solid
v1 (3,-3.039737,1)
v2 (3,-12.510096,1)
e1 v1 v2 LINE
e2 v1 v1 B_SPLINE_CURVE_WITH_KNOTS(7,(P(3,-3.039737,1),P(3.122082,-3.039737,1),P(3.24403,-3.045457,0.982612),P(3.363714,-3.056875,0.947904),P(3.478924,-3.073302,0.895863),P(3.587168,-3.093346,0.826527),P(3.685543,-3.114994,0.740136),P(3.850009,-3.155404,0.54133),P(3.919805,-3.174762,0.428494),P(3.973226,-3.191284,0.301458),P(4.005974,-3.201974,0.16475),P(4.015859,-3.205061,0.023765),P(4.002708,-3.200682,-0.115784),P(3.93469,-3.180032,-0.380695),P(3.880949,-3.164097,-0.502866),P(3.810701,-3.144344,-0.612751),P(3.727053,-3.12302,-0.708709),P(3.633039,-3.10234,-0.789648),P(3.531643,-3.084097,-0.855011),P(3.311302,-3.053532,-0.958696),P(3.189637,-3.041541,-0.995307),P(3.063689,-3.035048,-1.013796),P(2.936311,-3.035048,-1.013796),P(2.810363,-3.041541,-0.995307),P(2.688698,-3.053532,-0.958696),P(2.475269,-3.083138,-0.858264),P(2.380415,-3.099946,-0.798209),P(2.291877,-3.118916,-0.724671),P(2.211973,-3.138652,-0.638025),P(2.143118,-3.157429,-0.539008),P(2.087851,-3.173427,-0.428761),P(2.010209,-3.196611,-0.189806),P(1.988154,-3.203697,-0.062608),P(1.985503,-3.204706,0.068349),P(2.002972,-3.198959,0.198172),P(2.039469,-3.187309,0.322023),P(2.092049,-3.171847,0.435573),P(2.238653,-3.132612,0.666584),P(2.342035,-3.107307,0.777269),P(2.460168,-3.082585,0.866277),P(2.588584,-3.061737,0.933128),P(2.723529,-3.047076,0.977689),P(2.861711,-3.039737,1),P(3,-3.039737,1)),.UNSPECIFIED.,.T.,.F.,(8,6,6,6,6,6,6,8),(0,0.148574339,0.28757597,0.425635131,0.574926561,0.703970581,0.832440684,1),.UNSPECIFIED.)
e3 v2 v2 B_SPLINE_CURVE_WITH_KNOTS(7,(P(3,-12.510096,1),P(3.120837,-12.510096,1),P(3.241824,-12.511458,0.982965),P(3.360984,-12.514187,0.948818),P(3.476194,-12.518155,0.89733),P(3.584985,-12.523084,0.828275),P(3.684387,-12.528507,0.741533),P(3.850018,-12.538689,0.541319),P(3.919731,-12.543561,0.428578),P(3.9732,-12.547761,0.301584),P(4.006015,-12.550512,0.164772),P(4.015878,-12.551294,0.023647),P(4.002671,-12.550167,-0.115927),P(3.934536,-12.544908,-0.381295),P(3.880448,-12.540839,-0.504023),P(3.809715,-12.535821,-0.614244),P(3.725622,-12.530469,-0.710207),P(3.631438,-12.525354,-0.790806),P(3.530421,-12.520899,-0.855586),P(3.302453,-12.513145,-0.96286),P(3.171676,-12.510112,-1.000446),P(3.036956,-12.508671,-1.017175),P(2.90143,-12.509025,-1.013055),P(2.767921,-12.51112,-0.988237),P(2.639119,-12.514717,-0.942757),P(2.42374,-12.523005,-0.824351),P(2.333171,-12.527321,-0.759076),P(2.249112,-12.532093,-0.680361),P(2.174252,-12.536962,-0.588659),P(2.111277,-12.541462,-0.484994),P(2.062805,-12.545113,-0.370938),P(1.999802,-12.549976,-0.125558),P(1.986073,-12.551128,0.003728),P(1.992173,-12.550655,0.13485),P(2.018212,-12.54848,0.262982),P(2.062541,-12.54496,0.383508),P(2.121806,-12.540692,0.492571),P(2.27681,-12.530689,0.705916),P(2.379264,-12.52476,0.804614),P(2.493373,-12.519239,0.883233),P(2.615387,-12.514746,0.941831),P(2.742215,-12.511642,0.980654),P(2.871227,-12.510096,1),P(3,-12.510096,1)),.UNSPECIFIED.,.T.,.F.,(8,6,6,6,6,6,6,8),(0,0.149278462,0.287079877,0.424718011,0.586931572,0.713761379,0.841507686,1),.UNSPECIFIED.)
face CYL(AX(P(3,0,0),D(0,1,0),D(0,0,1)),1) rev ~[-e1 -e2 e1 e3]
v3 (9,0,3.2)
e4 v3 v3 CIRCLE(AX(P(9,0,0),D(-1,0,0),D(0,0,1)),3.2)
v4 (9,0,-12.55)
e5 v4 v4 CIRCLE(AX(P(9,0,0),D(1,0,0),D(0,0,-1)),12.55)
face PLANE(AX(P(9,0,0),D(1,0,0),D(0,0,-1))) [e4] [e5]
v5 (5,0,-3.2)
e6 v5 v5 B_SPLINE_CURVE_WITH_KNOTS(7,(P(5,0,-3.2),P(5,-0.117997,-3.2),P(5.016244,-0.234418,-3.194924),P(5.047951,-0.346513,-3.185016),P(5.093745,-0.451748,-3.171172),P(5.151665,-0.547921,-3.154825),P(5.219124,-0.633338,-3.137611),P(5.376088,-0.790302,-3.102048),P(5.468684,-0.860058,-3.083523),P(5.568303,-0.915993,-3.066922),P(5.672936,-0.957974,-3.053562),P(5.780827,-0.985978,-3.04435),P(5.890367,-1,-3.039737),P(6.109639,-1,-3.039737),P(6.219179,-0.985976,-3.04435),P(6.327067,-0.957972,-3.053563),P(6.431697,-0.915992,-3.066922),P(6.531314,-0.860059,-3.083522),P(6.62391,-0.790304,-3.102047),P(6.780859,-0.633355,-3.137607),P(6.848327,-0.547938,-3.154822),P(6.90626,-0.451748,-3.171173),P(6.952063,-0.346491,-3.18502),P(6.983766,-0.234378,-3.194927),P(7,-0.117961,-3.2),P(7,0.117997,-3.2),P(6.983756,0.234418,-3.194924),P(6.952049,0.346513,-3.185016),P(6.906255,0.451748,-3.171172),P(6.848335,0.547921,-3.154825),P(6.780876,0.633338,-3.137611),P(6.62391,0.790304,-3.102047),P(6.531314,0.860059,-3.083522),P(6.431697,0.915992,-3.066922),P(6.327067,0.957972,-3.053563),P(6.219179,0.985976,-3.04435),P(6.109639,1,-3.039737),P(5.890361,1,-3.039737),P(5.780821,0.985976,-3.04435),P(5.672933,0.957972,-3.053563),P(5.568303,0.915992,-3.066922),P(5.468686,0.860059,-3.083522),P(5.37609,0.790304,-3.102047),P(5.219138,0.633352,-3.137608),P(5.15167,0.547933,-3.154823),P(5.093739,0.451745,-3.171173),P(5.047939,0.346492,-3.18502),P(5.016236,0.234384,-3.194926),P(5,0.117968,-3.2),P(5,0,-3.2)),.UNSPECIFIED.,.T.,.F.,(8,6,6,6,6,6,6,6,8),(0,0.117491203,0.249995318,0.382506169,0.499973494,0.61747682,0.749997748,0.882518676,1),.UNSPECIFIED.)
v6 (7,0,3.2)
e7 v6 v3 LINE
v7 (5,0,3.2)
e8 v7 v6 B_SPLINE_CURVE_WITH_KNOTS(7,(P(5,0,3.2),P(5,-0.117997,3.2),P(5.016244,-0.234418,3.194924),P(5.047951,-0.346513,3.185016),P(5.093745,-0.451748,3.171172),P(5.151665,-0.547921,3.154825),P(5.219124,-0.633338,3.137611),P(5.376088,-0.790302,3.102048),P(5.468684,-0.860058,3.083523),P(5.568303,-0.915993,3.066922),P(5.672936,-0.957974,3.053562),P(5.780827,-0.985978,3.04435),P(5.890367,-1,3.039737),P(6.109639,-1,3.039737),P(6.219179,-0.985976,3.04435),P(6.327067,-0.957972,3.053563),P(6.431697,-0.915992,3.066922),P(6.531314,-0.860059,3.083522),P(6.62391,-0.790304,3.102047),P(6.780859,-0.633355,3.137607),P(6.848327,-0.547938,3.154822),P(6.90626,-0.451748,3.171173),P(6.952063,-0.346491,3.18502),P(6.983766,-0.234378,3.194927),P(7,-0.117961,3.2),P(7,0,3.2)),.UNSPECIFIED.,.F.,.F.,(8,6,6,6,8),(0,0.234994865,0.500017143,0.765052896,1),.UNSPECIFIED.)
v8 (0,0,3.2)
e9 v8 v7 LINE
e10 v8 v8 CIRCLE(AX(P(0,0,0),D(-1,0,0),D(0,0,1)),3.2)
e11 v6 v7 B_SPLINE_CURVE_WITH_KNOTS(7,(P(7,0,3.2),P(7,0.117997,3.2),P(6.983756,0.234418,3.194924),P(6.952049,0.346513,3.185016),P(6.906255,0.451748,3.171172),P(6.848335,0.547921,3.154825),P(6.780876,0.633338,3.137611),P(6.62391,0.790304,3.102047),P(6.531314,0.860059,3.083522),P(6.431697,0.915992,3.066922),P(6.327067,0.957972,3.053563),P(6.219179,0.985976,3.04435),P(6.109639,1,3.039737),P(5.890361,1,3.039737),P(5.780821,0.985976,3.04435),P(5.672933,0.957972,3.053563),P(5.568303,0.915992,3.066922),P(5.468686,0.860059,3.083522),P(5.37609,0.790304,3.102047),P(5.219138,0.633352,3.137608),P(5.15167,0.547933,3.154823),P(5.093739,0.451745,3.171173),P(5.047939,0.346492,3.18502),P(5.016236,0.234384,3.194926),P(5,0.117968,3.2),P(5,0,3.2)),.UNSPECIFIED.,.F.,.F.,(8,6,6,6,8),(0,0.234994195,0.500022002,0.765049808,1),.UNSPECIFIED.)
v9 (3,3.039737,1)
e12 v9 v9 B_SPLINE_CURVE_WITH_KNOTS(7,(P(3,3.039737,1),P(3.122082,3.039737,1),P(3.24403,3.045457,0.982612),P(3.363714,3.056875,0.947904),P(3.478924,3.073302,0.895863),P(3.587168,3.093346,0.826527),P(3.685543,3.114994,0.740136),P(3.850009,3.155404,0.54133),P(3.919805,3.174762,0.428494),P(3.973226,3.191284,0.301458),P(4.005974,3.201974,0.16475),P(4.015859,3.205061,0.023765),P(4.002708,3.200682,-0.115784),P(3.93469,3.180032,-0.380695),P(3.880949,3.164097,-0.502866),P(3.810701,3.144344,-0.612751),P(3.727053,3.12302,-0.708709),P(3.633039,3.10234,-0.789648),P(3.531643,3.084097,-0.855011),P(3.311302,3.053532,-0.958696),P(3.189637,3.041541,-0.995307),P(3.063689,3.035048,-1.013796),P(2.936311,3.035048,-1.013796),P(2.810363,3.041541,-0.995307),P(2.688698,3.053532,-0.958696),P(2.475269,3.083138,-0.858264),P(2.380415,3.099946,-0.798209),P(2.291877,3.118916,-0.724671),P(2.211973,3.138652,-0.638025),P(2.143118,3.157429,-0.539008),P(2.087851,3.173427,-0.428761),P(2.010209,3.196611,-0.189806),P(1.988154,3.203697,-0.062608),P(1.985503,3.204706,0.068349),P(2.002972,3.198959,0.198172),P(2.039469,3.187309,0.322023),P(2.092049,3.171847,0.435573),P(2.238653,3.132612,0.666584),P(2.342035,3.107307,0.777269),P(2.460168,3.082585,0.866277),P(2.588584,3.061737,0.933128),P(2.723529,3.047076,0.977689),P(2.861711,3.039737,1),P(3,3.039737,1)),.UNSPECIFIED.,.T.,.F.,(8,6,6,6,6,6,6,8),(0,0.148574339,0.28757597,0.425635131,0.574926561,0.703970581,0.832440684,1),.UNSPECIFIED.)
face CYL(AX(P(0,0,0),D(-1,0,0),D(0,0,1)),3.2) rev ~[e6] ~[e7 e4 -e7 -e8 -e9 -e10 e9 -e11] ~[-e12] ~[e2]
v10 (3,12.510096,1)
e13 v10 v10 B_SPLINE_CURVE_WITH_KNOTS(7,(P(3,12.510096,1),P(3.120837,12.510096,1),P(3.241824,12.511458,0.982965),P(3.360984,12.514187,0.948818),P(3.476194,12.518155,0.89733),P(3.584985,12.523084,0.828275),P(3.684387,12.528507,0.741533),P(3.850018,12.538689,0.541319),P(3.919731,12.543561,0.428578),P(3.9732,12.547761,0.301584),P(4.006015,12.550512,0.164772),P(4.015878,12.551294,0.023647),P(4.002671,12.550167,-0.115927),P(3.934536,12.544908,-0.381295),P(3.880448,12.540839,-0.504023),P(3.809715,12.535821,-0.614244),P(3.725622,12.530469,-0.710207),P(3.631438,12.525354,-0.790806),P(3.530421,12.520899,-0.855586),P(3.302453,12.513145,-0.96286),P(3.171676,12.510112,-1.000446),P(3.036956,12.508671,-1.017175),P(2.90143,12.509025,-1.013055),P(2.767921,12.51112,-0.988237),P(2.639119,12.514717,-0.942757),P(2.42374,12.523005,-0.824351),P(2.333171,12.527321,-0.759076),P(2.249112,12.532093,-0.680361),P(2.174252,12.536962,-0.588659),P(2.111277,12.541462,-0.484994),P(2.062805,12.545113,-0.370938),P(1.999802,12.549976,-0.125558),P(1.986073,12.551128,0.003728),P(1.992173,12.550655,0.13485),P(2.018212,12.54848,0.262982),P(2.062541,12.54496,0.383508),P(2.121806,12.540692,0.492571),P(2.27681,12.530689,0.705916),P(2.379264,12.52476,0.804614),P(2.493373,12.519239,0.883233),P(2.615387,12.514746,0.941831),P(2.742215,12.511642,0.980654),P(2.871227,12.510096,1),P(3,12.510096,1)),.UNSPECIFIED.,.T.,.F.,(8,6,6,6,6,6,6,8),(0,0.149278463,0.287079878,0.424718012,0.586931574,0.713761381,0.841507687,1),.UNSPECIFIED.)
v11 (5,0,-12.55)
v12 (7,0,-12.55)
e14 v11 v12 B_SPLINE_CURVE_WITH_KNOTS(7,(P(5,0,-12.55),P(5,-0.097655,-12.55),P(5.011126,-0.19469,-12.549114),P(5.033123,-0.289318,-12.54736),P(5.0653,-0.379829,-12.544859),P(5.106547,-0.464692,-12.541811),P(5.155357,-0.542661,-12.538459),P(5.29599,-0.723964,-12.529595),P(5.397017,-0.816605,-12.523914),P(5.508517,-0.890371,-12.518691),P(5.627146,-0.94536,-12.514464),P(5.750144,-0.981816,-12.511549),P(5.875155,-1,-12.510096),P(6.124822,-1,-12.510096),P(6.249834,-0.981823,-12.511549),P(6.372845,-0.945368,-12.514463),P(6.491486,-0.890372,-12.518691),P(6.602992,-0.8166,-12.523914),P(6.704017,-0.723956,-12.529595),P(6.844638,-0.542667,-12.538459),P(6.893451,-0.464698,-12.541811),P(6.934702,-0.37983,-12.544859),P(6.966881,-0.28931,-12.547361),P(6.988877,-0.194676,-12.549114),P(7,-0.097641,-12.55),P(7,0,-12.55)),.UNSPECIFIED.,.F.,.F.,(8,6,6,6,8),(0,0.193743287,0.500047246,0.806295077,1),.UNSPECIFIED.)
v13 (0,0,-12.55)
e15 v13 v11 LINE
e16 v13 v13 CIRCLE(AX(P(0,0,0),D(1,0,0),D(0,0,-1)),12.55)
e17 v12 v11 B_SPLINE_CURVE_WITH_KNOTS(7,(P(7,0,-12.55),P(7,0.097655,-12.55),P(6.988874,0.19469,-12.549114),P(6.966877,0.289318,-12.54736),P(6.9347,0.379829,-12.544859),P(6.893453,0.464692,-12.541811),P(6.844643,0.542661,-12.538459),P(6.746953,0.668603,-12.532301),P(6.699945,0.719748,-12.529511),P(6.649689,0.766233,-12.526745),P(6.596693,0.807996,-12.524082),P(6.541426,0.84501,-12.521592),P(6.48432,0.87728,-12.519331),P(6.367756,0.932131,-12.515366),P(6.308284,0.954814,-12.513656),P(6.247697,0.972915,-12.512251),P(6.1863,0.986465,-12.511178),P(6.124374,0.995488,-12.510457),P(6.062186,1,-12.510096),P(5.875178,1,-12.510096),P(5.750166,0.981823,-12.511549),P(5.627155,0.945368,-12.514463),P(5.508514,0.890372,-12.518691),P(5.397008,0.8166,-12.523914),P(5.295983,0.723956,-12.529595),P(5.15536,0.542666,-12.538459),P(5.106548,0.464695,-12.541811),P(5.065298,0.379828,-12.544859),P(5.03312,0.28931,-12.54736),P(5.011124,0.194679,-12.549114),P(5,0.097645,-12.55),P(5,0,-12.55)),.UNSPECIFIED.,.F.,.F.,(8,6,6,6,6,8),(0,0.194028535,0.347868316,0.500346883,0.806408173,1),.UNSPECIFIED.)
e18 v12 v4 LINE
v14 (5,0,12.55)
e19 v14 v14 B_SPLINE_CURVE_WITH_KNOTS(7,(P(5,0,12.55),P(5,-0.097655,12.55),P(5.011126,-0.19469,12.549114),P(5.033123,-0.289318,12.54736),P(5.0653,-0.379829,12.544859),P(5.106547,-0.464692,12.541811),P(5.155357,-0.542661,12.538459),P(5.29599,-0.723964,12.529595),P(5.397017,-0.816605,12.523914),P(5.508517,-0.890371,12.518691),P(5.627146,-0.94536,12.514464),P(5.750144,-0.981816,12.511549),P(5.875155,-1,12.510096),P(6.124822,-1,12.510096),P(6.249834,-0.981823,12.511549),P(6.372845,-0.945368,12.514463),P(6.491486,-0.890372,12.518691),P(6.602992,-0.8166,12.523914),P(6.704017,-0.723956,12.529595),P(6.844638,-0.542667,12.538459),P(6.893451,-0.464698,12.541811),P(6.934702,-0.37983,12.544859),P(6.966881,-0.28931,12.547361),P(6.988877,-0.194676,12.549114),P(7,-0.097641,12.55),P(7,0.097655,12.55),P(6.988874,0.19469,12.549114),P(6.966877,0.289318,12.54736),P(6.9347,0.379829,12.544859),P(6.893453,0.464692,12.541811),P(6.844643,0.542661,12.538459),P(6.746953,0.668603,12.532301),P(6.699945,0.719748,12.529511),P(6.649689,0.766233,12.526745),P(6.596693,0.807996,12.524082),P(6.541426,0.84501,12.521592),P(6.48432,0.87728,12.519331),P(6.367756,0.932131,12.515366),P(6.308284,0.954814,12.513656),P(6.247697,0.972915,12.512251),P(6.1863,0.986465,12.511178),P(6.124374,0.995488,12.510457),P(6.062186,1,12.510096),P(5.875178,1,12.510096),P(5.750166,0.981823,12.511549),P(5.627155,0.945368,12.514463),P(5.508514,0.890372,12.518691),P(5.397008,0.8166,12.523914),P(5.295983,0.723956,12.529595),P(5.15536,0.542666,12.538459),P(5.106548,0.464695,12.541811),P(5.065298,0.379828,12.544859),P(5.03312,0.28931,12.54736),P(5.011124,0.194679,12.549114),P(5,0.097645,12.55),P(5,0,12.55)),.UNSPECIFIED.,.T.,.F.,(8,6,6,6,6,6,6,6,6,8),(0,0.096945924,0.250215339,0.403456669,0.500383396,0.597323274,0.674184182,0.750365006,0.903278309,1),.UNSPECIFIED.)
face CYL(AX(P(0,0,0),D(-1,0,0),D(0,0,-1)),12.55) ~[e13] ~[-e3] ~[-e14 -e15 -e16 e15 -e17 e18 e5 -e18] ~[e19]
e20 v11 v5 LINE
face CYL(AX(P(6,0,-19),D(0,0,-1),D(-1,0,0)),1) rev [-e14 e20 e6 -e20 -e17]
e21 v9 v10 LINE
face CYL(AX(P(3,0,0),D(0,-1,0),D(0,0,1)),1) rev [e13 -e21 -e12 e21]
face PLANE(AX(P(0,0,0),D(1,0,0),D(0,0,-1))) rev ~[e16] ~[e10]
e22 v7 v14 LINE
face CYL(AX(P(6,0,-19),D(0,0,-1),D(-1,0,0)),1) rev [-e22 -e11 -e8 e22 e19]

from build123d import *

# Parameters (mm, degrees)
SKETCH_1_R                      = 12.55
EXTRUDE_1_DEPTH                 = 9
CUT_EXTRUDE_1_REACH             = 21.9
SKETCH_2_R                      = 3.2
CUT_EXTRUDE_2_REACH             = 21.9
SKETCH_3_R                      = 1
CUT_EXTRUDE_2_DIRECTION_2_REACH = 21.9
CUT_EXTRUDE_3_DEPTH             = 21
CUT_EXTRUDE_3_DEPTH_BACK        = 19
SKETCH_4_R                      = 1


with BuildPart() as part:
    # 草图1 → 凸台-拉伸1 (new body)
    with BuildSketch(Plane(origin=(0, 0, 0), x_dir=(0, 0, -1), z_dir=(1, 0, 0))):
        Circle(SKETCH_1_R)
    extrude(amount=EXTRUDE_1_DEPTH)

    # 草图2 → 切除-拉伸1 (cut, up to next)
    with BuildSketch(Plane.ZY, mode=Mode.PRIVATE) as cut_extrude_1_sk1:
        Circle(SKETCH_2_R)
    cut_extrude_1_tool1 = extrude(cut_extrude_1_sk1.sketch, amount=-CUT_EXTRUDE_1_REACH, mode=Mode.PRIVATE) & part.part
    add(cut_extrude_1_tool1.solids().sort_by_distance((0, 0, 0))[0], mode=Mode.SUBTRACT)

    # 草图3 → 切除-拉伸2 (cut, up to next)
    with BuildSketch(Plane(origin=(0, 0, 0), x_dir=(1, 0, 0), z_dir=(0, 1, 0)), mode=Mode.PRIVATE) as cut_extrude_2_sk1:
        with Locations(Location((3, 0, 0), (0, 0, 270))):
            Circle(SKETCH_3_R)
    cut_extrude_2_tool1 = extrude(cut_extrude_2_sk1.sketch, amount=-CUT_EXTRUDE_2_REACH, mode=Mode.PRIVATE) & part.part
    add(cut_extrude_2_tool1.solids().sort_by_distance((3, 0, 0))[0], mode=Mode.SUBTRACT)

    # 草图3 → 切除-拉伸2 direction 2 (cut, up to next)
    with BuildSketch(Plane(origin=(0, 0, 0), x_dir=(1, 0, 0), z_dir=(0, 1, 0)), mode=Mode.PRIVATE) as cut_extrude_2_direction_2_sk1:
        with Locations(Location((3, 0, 0), (0, 0, 270))):
            Circle(SKETCH_3_R)
    cut_extrude_2_direction_2_tool1 = extrude(cut_extrude_2_direction_2_sk1.sketch, amount=CUT_EXTRUDE_2_DIRECTION_2_REACH, mode=Mode.PRIVATE) & part.part
    add(cut_extrude_2_direction_2_tool1.solids().sort_by_distance((3, 0, 0))[0], mode=Mode.SUBTRACT)

    # 草图4 → 切除-拉伸3 (cut, two sides: drawn at the far end of the back side and taken through both)
    with BuildSketch(Plane.XY.offset(-CUT_EXTRUDE_3_DEPTH_BACK)):
        with Locations(Location((6, 0, 0), (0, 0, 180))):
            Circle(SKETCH_4_R)
    extrude(amount=CUT_EXTRUDE_3_DEPTH + CUT_EXTRUDE_3_DEPTH_BACK, mode=Mode.SUBTRACT)


solid = part.part
